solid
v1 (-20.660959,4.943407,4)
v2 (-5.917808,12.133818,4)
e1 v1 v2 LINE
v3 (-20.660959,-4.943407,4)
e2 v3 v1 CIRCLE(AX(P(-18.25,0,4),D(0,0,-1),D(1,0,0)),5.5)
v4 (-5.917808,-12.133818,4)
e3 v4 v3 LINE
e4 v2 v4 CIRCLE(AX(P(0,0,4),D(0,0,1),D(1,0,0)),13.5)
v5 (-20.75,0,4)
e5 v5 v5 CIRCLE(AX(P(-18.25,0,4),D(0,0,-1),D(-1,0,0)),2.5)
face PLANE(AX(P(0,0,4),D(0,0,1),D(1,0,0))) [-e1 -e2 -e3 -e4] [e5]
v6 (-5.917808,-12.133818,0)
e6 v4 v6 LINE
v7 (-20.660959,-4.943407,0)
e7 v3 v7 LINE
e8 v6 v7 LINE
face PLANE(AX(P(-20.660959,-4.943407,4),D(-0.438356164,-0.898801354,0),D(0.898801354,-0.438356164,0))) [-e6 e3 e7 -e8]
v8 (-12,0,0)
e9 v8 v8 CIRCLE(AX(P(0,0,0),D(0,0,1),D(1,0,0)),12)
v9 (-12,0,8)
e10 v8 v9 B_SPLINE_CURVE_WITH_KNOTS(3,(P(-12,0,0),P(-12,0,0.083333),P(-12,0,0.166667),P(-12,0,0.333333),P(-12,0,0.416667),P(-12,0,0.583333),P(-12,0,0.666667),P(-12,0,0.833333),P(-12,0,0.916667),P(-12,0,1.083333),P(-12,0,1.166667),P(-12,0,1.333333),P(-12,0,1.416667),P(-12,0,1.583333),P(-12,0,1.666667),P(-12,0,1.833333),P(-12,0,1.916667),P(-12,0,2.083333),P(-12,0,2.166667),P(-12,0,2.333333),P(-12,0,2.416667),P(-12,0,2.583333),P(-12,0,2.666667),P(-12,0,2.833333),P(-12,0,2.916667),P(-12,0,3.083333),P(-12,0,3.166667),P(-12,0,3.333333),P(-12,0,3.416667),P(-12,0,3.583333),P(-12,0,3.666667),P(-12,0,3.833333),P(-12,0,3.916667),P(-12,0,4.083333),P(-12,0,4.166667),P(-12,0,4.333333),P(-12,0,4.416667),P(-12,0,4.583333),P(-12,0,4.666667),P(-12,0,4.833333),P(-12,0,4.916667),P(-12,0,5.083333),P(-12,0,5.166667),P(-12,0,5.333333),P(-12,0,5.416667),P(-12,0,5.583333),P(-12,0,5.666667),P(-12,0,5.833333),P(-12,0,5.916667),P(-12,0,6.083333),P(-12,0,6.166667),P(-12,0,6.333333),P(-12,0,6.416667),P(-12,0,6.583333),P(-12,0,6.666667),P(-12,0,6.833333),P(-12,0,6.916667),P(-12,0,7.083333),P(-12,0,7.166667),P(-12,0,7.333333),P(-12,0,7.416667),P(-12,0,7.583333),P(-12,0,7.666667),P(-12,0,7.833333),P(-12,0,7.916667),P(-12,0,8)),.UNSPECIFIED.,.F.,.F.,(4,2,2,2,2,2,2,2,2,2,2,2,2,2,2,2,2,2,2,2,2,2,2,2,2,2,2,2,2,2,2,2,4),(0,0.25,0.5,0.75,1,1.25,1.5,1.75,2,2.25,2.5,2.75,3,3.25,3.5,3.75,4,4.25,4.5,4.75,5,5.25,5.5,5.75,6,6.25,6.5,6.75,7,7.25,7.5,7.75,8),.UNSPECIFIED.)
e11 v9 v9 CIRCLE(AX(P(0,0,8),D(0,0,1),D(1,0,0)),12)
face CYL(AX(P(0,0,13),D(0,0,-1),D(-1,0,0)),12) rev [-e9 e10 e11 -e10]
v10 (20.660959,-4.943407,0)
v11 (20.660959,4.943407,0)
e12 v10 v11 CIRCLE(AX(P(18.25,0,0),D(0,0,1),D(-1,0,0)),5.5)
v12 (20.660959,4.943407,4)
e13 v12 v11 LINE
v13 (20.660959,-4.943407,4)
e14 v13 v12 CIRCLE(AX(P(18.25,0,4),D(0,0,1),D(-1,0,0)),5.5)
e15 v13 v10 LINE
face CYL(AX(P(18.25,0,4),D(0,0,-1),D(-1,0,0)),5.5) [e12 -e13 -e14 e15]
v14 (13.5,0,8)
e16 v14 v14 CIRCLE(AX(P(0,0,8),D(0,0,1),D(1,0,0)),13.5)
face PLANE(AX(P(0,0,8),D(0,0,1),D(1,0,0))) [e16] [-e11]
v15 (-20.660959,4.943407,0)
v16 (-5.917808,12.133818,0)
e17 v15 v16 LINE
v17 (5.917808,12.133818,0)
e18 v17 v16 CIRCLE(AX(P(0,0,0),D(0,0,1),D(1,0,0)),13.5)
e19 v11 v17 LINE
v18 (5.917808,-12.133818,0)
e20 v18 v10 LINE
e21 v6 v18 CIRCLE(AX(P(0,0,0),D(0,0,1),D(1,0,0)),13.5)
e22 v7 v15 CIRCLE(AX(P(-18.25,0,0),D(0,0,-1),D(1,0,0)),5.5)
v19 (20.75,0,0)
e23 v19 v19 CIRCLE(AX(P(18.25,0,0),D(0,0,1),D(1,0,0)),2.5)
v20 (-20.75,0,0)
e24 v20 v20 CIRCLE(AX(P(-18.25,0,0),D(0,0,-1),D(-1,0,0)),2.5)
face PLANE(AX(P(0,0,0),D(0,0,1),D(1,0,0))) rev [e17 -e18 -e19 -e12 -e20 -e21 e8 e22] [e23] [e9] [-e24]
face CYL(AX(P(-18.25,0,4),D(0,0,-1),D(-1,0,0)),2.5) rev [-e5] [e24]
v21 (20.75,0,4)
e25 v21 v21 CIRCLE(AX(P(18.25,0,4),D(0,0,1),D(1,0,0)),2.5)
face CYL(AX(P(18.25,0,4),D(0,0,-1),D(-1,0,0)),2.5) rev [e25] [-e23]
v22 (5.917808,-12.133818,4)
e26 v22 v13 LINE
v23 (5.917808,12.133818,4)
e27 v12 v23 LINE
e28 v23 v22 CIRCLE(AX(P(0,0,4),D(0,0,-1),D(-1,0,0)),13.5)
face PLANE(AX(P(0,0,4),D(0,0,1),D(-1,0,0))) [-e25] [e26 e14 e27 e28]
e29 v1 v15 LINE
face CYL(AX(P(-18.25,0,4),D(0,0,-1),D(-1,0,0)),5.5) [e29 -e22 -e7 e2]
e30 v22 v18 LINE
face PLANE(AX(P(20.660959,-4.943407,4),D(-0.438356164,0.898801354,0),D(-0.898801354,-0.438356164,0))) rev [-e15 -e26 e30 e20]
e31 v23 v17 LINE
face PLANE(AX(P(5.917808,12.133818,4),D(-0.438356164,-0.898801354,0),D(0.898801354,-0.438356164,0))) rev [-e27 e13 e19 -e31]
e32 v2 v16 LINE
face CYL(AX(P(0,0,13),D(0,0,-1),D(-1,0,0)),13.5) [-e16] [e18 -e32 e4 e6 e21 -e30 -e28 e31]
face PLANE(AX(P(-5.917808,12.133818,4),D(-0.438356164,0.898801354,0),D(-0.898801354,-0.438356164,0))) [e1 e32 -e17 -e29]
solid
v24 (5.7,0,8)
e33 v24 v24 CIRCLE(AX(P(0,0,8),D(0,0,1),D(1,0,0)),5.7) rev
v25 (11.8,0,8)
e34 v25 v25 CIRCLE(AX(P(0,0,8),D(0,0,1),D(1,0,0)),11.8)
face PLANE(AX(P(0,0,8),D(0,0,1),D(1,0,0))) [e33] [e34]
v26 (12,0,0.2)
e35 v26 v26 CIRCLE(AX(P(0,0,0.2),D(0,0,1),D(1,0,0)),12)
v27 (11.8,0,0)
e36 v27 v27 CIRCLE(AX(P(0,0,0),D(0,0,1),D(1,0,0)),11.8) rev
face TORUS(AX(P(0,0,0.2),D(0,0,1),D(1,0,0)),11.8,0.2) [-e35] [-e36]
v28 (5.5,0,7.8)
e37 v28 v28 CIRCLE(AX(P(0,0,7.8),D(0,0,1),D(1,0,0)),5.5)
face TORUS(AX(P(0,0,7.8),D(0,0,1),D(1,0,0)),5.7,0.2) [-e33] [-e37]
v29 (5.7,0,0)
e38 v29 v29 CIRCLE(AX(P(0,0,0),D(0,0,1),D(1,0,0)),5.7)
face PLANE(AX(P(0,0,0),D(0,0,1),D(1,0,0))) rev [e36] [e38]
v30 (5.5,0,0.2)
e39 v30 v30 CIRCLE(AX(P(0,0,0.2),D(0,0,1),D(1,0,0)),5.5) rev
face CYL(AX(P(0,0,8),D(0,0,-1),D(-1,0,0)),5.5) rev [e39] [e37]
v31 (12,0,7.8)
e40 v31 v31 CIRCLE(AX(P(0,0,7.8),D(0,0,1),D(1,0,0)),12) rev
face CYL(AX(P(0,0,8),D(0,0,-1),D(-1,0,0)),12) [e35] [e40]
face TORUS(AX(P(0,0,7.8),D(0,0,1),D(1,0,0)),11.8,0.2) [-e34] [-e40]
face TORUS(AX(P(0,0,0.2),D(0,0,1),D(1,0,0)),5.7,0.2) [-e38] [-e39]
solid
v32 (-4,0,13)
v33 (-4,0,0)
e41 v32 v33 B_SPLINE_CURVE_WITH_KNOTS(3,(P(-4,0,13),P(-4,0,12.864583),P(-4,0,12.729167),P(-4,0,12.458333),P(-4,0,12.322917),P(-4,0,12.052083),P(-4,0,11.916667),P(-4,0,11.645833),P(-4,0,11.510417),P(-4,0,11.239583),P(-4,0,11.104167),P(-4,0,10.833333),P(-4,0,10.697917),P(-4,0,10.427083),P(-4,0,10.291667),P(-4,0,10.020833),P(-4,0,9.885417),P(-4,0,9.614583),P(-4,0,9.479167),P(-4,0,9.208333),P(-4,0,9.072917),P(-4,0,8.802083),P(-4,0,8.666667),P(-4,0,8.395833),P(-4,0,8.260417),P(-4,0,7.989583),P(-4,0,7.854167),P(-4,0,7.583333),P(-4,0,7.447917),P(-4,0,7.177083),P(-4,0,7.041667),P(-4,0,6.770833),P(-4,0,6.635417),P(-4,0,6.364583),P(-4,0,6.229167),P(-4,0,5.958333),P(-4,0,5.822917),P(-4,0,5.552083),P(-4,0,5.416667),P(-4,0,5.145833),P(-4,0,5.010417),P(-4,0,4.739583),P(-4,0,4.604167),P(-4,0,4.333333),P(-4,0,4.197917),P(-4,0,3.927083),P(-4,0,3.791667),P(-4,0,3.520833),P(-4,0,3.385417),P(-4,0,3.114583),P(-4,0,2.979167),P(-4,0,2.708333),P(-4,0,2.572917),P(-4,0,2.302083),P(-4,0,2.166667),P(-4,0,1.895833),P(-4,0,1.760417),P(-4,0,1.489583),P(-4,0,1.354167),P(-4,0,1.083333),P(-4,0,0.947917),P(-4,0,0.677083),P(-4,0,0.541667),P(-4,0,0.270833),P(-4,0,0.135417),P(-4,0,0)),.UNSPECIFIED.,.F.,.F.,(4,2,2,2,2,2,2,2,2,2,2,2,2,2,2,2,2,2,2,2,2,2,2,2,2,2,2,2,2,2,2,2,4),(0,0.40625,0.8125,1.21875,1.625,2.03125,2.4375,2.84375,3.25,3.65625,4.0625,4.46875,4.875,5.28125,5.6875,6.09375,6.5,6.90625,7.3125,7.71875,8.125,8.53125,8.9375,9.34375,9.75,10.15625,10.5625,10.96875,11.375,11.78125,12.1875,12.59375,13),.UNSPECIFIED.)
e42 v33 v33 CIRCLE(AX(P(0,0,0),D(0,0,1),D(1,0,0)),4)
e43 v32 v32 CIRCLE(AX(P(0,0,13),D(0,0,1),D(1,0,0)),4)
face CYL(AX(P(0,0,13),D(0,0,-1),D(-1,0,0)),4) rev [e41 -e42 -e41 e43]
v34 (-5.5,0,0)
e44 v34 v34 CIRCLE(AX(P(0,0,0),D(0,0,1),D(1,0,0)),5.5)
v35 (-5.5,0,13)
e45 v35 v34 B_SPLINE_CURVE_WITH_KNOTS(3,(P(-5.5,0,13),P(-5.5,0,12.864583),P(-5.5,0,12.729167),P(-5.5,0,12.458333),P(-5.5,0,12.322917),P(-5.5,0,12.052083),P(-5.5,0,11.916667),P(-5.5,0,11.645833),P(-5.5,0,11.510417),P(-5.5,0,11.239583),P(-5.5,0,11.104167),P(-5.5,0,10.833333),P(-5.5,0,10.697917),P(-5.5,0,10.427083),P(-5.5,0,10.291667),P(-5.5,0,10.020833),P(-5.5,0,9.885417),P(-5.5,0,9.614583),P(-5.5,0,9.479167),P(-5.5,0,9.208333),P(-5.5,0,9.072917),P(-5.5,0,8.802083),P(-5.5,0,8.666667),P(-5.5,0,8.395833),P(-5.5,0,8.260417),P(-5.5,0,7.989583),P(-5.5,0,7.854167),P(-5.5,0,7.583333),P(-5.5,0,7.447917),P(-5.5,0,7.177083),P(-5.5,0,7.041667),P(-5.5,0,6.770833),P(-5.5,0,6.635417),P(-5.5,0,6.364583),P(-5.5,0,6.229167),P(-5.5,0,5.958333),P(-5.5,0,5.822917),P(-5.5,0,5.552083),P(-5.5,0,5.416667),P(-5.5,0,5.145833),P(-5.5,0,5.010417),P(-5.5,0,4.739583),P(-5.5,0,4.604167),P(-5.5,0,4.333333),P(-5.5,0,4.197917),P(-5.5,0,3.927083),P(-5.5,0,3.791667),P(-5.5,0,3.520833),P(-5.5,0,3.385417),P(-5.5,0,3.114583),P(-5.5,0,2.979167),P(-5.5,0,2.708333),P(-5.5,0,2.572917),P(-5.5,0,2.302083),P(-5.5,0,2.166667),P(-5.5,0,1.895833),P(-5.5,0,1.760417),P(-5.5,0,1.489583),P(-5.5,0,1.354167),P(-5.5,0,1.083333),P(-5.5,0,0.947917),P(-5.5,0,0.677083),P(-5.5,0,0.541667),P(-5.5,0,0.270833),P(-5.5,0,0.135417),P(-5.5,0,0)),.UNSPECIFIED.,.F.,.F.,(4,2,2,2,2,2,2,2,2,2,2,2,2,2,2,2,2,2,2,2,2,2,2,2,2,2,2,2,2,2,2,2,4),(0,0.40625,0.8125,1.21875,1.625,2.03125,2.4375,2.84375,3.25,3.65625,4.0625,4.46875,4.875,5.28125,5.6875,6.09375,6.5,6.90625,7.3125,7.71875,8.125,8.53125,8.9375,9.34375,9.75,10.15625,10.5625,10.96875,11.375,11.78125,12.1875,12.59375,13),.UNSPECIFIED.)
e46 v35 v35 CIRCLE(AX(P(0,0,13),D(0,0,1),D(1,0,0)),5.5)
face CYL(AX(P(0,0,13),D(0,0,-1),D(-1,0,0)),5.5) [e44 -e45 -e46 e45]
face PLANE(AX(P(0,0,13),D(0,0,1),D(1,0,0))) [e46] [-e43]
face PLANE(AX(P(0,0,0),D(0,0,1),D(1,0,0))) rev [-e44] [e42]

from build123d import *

# Parameters (mm, degrees)
SKETCH1_R             = 13.5
SKETCH1_R_2           = 12
BOSS_EXTRUDE1_DEPTH   = 13
SKETCH1_R_3           = 5.5
SKETCH1_R_4           = 4
BOSS_EXTRUDE1_2_DEPTH = 13
SKETCH2_R             = 2.5
BOSS_EXTRUDE3_DEPTH   = 4
SKETCH4_W             = 74
SKETCH4_H             = 74
SKETCH4_R             = 8.75
CUT_EXTRUDE1_DEPTH    = 5
SKETCH1_3_R           = 12
SKETCH1_3_R_2         = 5.5
BOSS_EXTRUDE2_DEPTH   = 8
FILLET6_R             = 0.2


with BuildPart() as part:
    # Sketch1 → Boss-Extrude1 (new body)
    with BuildSketch(Plane.XY):
        with Locations(Location((0, 0, 0), (0, 0, 180))):
            Circle(SKETCH1_R)
        with Locations(Location((0, 0, 0), (0, 0, 180))):
            Circle(SKETCH1_R_2, mode=Mode.SUBTRACT)
    extrude(amount=BOSS_EXTRUDE1_DEPTH)

    # Sketch2 → Boss-Extrude3 (add)
    with BuildSketch(Plane(origin=(0, 0, 0), x_dir=(-1, 0, 0), z_dir=(0, 0, -1))):
        with BuildLine():
            Line((5.917808219, 12.133818273), (20.660958904, 4.943407445))
            ThreePointArc((20.660958904, 4.943407445), (23.75, 0), (20.660958904, -4.943407445))
            Line((20.660958904, -4.943407445), (5.917808219, -12.133818273))
            ThreePointArc((5.917808219, -12.133818273), (13.5, 0), (5.917808219, 12.133818273))
        make_face()
        with Locations((18.25, 0)):
            Circle(SKETCH2_R, mode=Mode.SUBTRACT)
    boss_extrude3 = extrude(amount=-BOSS_EXTRUDE3_DEPTH)

    # Mirror1: Boss-Extrude3 across plane
    add(boss_extrude3.mirror(Plane(origin=(0, 0, 0), x_dir=(0, 0, 1), z_dir=(1, 0, 0))))

    # Sketch4 → Cut-Extrude1 (cut)
    with BuildSketch(Plane.XY.offset(13)):
        Rectangle(SKETCH4_W, SKETCH4_H)
        Circle(SKETCH4_R, mode=Mode.SUBTRACT)
    extrude(amount=-CUT_EXTRUDE1_DEPTH, mode=Mode.SUBTRACT)


with BuildPart() as body_2:
    # Sketch1 → Boss-Extrude1 2 (new body)
    with BuildSketch(Plane.XY):
        with Locations(Location((0, 0, 0), (0, 0, 180))):
            Circle(SKETCH1_R_3)
        with Locations(Location((0, 0, 0), (0, 0, 180))):
            Circle(SKETCH1_R_4, mode=Mode.SUBTRACT)
    extrude(amount=BOSS_EXTRUDE1_2_DEPTH)


with BuildPart() as body_3:
    # Sketch1<3> → Boss-Extrude2 (new body)
    with BuildSketch(Plane.XY):
        Circle(SKETCH1_3_R)
        Circle(SKETCH1_3_R_2, mode=Mode.SUBTRACT)
    extrude(amount=BOSS_EXTRUDE2_DEPTH)

    # Fillet6
    fillet6_edges = [body_3.edges().sort_by_distance(p)[0] for p in [
        (-12, 0, 8),
        (-12, 0, 0),
        (-5.5, 0, 0),
        (-5.5, 0, 8),
    ]]
    fillet(fillet6_edges, radius=FILLET6_R)


solid = Compound([part.part, body_2.part, body_3.part])
